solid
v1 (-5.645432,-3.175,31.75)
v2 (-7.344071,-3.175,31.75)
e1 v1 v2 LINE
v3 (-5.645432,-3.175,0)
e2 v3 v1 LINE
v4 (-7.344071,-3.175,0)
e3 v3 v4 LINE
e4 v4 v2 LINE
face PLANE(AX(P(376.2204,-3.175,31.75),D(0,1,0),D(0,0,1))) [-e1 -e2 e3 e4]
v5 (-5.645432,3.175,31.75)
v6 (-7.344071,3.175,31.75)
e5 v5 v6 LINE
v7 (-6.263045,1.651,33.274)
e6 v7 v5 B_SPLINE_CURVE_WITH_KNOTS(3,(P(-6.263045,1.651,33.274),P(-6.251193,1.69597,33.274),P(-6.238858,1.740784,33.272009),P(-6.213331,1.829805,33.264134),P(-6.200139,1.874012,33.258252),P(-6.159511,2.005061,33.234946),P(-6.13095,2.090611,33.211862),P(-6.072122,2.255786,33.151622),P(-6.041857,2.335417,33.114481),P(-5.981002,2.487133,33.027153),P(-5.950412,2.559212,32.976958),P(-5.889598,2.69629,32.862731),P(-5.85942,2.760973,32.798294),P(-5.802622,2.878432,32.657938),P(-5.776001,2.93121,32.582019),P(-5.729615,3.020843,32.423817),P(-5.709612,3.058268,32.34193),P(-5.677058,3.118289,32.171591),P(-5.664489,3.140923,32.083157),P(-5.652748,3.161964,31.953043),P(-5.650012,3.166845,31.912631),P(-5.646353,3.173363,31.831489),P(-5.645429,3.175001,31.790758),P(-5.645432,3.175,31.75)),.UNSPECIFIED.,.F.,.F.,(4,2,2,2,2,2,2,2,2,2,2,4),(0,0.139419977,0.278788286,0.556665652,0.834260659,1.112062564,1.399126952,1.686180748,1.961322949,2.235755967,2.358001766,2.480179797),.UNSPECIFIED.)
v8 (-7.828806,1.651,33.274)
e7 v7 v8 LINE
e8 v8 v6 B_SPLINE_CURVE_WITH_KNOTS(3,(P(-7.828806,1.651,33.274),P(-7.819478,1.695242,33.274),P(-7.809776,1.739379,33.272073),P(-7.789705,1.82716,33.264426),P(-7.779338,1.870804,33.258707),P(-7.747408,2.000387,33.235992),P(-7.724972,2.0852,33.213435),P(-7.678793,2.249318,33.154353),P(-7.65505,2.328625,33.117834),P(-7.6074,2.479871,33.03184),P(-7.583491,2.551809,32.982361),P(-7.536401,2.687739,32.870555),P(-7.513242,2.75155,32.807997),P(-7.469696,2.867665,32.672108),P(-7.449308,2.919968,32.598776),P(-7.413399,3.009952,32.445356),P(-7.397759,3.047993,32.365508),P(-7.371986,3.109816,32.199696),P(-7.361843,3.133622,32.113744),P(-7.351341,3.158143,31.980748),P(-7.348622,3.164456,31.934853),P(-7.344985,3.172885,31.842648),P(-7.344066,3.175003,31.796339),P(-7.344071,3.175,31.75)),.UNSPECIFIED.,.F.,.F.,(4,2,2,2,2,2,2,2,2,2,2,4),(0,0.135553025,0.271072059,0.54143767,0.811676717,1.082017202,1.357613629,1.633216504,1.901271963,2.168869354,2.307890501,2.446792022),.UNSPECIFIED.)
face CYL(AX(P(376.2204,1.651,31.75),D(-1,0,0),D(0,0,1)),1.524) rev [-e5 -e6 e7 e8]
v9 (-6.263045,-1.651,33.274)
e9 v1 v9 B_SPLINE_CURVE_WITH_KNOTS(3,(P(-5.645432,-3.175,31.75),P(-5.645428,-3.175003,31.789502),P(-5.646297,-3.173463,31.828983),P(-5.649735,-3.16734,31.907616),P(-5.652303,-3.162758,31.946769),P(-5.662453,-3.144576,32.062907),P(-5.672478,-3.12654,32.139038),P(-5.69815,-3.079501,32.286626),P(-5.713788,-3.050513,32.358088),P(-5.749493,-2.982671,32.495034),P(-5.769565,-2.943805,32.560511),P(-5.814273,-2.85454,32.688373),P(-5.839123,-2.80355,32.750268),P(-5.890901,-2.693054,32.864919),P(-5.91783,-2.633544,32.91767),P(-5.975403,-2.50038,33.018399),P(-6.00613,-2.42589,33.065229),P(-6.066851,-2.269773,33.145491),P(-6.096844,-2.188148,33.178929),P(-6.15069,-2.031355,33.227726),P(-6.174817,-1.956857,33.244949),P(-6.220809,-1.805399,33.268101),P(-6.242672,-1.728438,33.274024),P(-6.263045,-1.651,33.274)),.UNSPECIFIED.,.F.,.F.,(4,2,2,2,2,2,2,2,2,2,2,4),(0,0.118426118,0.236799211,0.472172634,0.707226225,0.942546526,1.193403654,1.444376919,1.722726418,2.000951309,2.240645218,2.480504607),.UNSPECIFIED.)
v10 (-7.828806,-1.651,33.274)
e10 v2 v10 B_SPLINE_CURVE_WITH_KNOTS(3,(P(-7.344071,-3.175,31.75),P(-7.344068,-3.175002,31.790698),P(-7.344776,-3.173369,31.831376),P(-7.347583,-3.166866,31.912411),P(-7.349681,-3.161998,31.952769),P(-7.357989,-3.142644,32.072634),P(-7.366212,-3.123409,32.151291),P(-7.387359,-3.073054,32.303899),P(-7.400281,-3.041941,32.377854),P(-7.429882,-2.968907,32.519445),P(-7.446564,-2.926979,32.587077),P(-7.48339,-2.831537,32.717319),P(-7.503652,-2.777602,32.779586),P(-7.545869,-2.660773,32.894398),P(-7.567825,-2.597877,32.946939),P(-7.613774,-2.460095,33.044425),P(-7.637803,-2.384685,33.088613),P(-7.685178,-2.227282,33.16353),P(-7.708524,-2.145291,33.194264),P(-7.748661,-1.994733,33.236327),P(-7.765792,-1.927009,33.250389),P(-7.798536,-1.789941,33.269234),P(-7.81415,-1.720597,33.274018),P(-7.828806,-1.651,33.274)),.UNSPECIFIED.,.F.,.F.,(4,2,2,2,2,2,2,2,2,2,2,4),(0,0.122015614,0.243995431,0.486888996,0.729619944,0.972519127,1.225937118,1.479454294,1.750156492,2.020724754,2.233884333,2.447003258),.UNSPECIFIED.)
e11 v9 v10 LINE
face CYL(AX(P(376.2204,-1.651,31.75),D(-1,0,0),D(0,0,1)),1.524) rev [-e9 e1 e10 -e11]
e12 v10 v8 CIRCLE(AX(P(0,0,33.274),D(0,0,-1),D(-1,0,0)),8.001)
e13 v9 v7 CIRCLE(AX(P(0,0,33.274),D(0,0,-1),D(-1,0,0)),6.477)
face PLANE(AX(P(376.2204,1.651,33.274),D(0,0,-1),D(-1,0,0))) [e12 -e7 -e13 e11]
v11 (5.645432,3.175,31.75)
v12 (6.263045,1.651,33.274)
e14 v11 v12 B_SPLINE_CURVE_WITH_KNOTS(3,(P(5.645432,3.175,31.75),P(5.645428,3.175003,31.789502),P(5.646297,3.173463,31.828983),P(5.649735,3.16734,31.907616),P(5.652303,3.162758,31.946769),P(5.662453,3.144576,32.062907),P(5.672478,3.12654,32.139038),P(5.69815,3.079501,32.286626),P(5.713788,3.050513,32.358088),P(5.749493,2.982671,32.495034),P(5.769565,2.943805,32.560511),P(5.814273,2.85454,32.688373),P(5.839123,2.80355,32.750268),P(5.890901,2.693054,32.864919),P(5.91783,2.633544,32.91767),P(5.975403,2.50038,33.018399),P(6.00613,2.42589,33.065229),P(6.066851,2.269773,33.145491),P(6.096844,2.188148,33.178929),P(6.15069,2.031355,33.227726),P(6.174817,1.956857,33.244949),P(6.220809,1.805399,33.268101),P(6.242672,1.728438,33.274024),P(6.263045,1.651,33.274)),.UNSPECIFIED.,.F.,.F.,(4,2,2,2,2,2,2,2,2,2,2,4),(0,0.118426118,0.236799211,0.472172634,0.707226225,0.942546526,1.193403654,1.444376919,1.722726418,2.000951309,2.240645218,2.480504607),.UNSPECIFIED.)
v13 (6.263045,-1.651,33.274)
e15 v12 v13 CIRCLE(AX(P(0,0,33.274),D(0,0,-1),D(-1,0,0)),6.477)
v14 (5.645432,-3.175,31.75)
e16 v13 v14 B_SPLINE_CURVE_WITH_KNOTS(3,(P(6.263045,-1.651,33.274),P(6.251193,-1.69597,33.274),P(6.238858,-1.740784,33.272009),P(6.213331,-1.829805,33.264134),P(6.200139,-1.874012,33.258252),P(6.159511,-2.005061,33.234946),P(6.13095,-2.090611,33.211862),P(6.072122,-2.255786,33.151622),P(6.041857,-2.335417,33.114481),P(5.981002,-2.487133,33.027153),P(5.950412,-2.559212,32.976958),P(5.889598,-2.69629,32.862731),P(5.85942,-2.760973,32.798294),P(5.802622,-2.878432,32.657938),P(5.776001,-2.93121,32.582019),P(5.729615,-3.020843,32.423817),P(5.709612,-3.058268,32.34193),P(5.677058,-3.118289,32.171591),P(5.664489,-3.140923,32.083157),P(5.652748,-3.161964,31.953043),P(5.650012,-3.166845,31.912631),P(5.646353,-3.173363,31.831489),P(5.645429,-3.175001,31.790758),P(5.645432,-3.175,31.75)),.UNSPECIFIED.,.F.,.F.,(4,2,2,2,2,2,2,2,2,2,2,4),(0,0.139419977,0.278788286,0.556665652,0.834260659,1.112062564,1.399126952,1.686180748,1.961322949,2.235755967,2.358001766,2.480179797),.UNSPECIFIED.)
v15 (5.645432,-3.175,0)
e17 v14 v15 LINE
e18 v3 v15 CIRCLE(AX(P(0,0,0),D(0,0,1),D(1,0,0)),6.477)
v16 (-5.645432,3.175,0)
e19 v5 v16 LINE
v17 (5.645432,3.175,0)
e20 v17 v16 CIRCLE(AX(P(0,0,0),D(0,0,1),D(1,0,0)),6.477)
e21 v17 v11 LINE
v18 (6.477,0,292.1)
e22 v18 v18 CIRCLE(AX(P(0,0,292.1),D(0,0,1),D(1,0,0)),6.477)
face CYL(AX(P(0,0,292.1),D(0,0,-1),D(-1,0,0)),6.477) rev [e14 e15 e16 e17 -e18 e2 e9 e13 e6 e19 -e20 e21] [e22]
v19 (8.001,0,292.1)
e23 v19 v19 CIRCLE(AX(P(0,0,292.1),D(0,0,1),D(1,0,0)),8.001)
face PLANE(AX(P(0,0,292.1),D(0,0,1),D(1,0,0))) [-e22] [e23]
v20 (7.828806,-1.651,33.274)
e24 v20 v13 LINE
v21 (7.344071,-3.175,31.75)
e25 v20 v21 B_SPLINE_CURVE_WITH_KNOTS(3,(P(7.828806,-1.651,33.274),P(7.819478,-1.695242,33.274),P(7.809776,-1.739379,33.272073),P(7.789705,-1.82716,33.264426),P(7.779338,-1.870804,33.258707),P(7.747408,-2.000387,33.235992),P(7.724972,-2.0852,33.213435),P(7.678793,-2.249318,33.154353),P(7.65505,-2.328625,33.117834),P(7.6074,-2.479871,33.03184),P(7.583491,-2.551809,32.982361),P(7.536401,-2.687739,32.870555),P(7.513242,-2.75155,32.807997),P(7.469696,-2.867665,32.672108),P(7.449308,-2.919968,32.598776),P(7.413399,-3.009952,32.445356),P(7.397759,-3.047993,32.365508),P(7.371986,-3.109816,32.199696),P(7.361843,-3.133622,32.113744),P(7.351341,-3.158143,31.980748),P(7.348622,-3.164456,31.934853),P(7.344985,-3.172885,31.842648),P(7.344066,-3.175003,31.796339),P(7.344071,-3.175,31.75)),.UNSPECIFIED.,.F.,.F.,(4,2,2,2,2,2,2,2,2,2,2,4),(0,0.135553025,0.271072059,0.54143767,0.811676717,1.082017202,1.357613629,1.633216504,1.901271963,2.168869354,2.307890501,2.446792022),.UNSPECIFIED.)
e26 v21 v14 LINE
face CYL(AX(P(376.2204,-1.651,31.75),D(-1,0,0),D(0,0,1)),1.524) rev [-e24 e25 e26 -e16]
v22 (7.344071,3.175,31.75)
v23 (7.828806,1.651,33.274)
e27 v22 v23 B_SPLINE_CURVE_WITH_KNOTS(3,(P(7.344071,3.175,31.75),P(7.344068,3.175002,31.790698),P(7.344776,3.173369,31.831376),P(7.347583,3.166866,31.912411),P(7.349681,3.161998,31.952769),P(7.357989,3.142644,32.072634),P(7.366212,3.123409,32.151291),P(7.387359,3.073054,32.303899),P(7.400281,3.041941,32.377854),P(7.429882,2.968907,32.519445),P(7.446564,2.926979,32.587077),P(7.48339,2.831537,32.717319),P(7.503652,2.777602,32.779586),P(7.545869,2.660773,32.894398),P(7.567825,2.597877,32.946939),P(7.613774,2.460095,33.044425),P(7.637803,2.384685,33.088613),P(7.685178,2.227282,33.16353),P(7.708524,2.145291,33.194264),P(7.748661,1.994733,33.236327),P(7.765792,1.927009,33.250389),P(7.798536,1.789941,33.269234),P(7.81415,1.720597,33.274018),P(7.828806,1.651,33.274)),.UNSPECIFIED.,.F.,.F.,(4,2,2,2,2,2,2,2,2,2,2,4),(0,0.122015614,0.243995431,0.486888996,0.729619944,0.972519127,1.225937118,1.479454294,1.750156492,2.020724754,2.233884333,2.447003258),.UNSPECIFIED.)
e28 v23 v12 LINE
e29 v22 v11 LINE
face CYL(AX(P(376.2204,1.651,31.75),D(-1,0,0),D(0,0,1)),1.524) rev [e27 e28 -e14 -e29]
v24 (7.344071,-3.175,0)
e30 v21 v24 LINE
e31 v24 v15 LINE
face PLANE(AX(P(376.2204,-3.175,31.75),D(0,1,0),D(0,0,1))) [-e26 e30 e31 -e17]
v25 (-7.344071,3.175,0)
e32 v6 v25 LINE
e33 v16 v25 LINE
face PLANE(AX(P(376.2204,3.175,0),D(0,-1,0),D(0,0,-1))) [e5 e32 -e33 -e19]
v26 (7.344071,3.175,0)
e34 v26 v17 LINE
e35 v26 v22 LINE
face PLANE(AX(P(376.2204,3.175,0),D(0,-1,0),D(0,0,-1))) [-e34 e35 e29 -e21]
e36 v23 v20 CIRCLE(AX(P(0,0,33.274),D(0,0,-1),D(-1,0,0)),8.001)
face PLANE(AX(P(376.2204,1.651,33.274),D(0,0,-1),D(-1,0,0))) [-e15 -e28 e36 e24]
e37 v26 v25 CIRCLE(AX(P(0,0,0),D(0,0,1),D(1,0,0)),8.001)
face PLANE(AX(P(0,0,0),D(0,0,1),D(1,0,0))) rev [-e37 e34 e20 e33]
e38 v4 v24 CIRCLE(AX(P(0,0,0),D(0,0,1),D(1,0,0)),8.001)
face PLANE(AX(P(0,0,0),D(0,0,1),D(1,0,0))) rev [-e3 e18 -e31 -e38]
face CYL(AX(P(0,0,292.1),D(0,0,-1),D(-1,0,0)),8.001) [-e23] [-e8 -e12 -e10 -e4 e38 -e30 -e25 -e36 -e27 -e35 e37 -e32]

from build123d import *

# Parameters (mm, degrees)
SKETCH1_R               = 8.001
SKETCH1_R_2             = 6.477
BOSS_EXTRUDE1_DEPTH     = 292.1
CUT_EXTRUDE1_DEPTH      = 293.319075672
CUT_EXTRUDE1_DEPTH_BACK = 293.319075672


with BuildPart() as part:
    # Sketch1 → Boss-Extrude1 (new body)
    with BuildSketch(Plane.XY):
        Circle(SKETCH1_R)
        Circle(SKETCH1_R_2, mode=Mode.SUBTRACT)
    extrude(amount=BOSS_EXTRUDE1_DEPTH)

    # Sketch2 → Cut-Extrude1 (cut, two sides: drawn at the far end of the back side and taken through both)
    with BuildSketch(Plane(origin=(0, 0, 0), x_dir=(0, 0, -1), z_dir=(1, 0, 0)).offset(-CUT_EXTRUDE1_DEPTH_BACK)):
        with BuildLine():
            Line((594.627447101, 3.175), (0, 3.175))
            Line((0, 3.175), (-31.75, 3.175))
            ThreePointArc((-31.75, 3.175), (-32.827630735, 2.728630735), (-33.274, 1.651))
            Line((-33.274, 1.651), (-33.274, -1.651))
            ThreePointArc((-33.274, -1.651), (-32.827630735, -2.728630735), (-31.75, -3.175))
            Line((-31.75, -3.175), (0, -3.175))
            Line((0, -3.175), (594.627447101, -3.175))
            Line((594.627447101, -3.175), (1783.882341303, -3.175))
            Line((1783.882341303, -3.175), (1783.882341303, 3.175))
            Line((1783.882341303, 3.175), (594.627447101, 3.175))
        make_face()
    extrude(amount=CUT_EXTRUDE1_DEPTH + CUT_EXTRUDE1_DEPTH_BACK, mode=Mode.SUBTRACT)


solid = part.part
